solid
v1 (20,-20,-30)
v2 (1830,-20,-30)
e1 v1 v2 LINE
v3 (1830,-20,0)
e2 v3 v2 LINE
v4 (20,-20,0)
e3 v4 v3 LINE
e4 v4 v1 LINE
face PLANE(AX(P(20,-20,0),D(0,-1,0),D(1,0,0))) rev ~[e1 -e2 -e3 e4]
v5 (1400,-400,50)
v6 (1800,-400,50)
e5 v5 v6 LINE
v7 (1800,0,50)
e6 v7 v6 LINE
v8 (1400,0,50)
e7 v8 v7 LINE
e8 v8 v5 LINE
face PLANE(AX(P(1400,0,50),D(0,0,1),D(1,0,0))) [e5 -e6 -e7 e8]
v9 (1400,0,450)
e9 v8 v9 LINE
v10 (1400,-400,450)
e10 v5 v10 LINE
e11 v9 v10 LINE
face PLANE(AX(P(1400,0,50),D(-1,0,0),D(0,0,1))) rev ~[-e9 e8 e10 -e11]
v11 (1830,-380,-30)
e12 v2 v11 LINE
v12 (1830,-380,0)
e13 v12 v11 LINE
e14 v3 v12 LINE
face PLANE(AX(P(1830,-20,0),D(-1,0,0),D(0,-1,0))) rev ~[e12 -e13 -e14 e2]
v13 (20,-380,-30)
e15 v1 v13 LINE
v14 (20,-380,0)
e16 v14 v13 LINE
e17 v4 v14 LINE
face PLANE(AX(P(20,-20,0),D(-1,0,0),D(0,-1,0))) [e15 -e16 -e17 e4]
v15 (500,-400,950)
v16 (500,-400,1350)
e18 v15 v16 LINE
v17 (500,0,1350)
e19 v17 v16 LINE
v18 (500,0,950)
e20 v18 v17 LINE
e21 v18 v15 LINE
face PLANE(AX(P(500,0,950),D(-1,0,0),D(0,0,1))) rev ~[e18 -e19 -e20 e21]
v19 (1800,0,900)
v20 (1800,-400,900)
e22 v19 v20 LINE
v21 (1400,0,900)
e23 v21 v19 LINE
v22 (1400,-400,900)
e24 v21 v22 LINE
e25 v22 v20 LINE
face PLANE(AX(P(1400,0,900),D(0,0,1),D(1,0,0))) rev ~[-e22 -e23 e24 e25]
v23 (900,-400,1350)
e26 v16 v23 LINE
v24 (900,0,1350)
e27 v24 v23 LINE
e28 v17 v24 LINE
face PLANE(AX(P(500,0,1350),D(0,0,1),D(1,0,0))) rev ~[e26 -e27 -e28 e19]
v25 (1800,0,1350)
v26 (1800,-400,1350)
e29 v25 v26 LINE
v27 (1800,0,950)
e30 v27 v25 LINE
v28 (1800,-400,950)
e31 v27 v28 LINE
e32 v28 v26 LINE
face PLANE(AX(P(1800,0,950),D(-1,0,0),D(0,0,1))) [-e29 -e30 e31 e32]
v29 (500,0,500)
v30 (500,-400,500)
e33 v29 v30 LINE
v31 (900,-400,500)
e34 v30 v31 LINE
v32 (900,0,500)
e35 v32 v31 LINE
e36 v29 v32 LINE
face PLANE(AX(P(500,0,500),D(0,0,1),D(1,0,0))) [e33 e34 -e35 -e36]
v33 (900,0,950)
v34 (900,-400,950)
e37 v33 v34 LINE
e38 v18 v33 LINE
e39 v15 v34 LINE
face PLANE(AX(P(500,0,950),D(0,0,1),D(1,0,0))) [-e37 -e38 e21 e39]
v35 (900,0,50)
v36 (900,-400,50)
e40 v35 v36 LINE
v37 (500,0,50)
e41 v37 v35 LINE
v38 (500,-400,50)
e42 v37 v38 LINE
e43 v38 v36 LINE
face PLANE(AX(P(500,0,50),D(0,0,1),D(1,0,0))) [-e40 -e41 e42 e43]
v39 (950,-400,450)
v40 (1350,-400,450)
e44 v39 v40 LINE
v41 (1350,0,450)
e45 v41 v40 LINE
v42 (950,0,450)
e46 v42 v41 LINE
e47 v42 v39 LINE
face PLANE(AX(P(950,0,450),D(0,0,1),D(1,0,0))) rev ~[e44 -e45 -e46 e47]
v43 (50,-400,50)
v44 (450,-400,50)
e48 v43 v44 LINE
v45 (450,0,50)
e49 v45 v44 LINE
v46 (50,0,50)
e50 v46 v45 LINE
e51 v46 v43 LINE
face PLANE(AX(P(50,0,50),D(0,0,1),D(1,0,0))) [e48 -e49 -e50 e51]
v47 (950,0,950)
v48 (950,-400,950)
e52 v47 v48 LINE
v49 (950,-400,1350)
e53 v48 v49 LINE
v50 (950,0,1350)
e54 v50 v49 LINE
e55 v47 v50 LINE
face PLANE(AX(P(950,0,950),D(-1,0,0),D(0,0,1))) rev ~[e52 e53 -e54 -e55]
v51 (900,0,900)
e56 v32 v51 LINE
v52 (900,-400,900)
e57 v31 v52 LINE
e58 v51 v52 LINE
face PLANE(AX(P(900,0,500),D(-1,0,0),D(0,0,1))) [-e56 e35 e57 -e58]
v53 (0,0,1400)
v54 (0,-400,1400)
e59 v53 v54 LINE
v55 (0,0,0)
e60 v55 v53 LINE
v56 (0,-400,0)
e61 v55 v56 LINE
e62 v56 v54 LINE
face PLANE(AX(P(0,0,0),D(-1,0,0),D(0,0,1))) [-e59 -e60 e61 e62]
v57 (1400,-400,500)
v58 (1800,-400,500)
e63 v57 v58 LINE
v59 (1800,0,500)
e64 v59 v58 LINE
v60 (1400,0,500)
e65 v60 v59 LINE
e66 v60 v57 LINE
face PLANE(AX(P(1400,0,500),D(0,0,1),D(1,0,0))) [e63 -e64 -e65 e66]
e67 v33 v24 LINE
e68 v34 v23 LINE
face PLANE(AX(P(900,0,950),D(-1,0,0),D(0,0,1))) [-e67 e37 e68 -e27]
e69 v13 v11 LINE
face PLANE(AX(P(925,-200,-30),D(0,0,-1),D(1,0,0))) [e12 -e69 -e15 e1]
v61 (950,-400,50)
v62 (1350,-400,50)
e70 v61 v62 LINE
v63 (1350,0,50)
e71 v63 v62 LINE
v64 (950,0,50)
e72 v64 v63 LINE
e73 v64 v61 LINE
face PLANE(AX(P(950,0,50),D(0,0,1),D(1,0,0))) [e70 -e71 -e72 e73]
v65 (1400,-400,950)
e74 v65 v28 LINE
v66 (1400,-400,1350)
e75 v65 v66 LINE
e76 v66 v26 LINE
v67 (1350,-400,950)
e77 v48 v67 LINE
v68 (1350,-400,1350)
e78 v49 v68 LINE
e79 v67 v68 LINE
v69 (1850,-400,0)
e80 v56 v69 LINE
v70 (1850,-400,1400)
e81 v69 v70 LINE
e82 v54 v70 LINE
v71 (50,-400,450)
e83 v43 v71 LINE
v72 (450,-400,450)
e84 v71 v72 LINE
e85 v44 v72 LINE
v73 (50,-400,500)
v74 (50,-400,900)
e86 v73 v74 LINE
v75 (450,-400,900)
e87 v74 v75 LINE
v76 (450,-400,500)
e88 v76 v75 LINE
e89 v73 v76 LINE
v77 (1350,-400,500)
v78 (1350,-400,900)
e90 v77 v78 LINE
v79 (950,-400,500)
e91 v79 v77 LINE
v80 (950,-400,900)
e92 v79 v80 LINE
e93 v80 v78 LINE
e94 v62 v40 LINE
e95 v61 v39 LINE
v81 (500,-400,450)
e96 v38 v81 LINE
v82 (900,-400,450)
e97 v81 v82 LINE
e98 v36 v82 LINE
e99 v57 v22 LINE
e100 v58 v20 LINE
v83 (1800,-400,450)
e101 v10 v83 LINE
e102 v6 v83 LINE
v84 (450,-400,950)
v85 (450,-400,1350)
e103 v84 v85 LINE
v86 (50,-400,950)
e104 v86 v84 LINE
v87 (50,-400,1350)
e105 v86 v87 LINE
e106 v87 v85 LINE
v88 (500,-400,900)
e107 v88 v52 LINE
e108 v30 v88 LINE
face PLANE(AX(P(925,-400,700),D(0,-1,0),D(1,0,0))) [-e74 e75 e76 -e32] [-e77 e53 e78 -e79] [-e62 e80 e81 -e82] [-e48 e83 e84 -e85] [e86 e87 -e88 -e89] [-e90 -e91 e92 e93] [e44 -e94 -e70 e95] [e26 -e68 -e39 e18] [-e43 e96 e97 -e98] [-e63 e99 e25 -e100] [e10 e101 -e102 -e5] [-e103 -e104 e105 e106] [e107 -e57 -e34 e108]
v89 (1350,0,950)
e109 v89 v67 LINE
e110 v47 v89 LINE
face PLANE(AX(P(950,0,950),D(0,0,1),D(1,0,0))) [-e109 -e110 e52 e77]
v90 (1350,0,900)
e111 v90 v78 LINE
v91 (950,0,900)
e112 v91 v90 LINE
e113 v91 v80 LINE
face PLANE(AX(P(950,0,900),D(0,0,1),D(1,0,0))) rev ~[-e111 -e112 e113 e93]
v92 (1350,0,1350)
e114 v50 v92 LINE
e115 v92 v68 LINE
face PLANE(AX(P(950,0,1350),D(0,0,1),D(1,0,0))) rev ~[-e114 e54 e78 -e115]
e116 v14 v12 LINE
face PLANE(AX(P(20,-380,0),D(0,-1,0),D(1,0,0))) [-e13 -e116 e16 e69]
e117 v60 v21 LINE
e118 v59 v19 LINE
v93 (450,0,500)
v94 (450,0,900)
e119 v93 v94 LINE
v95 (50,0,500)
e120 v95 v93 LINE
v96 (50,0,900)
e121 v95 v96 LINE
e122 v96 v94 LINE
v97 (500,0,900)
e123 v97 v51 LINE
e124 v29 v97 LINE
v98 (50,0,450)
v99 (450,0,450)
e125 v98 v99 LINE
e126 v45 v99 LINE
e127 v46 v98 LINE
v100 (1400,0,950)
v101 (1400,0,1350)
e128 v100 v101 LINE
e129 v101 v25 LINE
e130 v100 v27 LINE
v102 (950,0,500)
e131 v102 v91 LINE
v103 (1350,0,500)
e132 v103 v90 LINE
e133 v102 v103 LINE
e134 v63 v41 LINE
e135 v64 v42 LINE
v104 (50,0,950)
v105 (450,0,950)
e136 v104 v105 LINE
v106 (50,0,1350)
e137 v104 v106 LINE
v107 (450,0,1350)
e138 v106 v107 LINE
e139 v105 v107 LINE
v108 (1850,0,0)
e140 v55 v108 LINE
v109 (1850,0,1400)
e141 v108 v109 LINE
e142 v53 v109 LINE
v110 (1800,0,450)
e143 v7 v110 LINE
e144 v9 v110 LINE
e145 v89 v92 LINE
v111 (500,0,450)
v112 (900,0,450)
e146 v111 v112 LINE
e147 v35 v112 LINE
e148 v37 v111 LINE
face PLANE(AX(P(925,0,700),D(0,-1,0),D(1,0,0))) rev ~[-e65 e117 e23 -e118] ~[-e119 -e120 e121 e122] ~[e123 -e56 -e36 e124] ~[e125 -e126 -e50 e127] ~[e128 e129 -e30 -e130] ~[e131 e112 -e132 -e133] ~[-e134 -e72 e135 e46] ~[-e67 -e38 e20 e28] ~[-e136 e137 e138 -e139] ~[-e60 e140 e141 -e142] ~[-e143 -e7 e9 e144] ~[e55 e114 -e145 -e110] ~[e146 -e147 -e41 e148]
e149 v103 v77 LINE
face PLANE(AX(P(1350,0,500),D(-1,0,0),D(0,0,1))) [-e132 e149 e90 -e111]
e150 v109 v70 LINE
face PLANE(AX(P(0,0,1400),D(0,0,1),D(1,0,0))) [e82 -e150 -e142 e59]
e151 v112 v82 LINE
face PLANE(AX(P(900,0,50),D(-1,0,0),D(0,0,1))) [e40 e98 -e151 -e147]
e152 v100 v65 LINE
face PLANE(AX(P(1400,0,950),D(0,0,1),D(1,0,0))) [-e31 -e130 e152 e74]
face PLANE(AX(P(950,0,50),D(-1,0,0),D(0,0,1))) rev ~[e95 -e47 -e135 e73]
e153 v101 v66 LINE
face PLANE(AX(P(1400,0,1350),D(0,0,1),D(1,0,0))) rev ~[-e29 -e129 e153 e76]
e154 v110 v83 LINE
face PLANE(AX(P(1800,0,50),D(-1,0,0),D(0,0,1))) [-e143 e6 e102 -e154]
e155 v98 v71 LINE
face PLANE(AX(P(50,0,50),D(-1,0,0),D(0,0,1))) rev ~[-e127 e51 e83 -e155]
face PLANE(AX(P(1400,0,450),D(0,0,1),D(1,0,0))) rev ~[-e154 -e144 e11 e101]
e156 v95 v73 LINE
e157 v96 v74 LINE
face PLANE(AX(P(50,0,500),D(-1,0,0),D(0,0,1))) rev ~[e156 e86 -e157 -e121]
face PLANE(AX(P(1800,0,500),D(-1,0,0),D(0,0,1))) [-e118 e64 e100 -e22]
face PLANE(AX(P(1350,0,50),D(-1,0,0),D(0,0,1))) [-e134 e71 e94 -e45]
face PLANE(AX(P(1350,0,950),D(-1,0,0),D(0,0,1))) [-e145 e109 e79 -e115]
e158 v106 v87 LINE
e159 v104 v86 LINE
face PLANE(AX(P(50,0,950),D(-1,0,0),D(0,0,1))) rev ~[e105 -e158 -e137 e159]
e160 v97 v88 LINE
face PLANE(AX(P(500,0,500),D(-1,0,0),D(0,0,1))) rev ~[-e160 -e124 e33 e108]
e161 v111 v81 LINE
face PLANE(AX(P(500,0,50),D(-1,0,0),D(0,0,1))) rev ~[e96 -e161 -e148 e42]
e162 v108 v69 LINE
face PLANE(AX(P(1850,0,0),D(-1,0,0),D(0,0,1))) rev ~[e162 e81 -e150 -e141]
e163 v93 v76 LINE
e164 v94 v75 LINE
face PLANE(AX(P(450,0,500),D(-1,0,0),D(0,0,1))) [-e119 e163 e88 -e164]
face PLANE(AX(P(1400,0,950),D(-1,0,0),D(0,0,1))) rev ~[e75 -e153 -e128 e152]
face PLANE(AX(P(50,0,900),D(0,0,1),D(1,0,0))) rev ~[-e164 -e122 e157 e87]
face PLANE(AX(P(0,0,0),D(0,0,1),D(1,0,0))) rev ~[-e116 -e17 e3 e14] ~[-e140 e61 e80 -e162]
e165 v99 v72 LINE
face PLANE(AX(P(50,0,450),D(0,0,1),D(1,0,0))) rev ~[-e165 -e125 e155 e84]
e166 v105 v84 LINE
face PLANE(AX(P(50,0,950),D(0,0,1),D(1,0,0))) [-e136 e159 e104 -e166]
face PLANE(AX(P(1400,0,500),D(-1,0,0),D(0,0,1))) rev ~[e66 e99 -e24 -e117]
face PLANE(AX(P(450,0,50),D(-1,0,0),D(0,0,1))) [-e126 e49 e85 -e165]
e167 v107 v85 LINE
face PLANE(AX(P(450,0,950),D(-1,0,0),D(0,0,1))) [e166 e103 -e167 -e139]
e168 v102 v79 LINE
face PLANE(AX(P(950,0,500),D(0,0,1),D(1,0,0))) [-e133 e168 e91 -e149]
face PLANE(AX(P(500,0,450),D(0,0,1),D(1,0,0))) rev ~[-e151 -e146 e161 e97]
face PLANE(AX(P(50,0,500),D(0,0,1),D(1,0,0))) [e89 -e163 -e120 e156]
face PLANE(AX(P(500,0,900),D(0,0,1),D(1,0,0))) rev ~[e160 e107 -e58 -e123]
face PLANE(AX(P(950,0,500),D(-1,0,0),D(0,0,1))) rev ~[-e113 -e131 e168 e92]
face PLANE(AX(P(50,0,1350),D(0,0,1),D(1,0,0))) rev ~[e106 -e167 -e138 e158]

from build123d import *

# Parameters (mm, degrees)
F0_W     = 1850
F0_H     = 1400
F0_W_2   = 400
F0_H_2   = 400
F1_DEPTH = 400
F2_W     = 1810
F2_H     = 360
F3_DEPTH = 30


with BuildPart() as f1:
    # F0 (on Front) → F1 (new body)
    with BuildSketch(Plane.XZ):
        with Locations((925, 700)):
            Rectangle(F0_W, F0_H)
        with Locations((250, 250)):
            Rectangle(F0_W_2, F0_H_2, mode=Mode.SUBTRACT)
        with Locations((700, 250)):
            Rectangle(F0_W_2, F0_H_2, mode=Mode.SUBTRACT)
        with Locations((1150, 250)):
            Rectangle(F0_W_2, F0_H_2, mode=Mode.SUBTRACT)
        with Locations((1600, 250)):
            Rectangle(F0_W_2, F0_H_2, mode=Mode.SUBTRACT)
        with Locations((250, 700)):
            Rectangle(F0_W_2, F0_H_2, mode=Mode.SUBTRACT)
        with Locations((700, 700)):
            Rectangle(F0_W_2, F0_H_2, mode=Mode.SUBTRACT)
        with Locations((250, 1150)):
            Rectangle(F0_W_2, F0_H_2, mode=Mode.SUBTRACT)
        with Locations((700, 1150)):
            Rectangle(F0_W_2, F0_H_2, mode=Mode.SUBTRACT)
        with Locations((1150, 700)):
            Rectangle(F0_W_2, F0_H_2, mode=Mode.SUBTRACT)
        with Locations((1600, 700)):
            Rectangle(F0_W_2, F0_H_2, mode=Mode.SUBTRACT)
        with Locations((1150, 1150)):
            Rectangle(F0_W_2, F0_H_2, mode=Mode.SUBTRACT)
        with Locations((1600, 1150)):
            Rectangle(F0_W_2, F0_H_2, mode=Mode.SUBTRACT)
    extrude(amount=F1_DEPTH)

    # F2 (on face) → F3 (join)
    with BuildSketch(Plane(origin=(0, 0, 0), x_dir=(1, 0, 0), z_dir=(0, 0, -1))):
        with Locations((925, 200)):
            Rectangle(F2_W, F2_H)
    extrude(amount=F3_DEPTH)


solid = f1.part
